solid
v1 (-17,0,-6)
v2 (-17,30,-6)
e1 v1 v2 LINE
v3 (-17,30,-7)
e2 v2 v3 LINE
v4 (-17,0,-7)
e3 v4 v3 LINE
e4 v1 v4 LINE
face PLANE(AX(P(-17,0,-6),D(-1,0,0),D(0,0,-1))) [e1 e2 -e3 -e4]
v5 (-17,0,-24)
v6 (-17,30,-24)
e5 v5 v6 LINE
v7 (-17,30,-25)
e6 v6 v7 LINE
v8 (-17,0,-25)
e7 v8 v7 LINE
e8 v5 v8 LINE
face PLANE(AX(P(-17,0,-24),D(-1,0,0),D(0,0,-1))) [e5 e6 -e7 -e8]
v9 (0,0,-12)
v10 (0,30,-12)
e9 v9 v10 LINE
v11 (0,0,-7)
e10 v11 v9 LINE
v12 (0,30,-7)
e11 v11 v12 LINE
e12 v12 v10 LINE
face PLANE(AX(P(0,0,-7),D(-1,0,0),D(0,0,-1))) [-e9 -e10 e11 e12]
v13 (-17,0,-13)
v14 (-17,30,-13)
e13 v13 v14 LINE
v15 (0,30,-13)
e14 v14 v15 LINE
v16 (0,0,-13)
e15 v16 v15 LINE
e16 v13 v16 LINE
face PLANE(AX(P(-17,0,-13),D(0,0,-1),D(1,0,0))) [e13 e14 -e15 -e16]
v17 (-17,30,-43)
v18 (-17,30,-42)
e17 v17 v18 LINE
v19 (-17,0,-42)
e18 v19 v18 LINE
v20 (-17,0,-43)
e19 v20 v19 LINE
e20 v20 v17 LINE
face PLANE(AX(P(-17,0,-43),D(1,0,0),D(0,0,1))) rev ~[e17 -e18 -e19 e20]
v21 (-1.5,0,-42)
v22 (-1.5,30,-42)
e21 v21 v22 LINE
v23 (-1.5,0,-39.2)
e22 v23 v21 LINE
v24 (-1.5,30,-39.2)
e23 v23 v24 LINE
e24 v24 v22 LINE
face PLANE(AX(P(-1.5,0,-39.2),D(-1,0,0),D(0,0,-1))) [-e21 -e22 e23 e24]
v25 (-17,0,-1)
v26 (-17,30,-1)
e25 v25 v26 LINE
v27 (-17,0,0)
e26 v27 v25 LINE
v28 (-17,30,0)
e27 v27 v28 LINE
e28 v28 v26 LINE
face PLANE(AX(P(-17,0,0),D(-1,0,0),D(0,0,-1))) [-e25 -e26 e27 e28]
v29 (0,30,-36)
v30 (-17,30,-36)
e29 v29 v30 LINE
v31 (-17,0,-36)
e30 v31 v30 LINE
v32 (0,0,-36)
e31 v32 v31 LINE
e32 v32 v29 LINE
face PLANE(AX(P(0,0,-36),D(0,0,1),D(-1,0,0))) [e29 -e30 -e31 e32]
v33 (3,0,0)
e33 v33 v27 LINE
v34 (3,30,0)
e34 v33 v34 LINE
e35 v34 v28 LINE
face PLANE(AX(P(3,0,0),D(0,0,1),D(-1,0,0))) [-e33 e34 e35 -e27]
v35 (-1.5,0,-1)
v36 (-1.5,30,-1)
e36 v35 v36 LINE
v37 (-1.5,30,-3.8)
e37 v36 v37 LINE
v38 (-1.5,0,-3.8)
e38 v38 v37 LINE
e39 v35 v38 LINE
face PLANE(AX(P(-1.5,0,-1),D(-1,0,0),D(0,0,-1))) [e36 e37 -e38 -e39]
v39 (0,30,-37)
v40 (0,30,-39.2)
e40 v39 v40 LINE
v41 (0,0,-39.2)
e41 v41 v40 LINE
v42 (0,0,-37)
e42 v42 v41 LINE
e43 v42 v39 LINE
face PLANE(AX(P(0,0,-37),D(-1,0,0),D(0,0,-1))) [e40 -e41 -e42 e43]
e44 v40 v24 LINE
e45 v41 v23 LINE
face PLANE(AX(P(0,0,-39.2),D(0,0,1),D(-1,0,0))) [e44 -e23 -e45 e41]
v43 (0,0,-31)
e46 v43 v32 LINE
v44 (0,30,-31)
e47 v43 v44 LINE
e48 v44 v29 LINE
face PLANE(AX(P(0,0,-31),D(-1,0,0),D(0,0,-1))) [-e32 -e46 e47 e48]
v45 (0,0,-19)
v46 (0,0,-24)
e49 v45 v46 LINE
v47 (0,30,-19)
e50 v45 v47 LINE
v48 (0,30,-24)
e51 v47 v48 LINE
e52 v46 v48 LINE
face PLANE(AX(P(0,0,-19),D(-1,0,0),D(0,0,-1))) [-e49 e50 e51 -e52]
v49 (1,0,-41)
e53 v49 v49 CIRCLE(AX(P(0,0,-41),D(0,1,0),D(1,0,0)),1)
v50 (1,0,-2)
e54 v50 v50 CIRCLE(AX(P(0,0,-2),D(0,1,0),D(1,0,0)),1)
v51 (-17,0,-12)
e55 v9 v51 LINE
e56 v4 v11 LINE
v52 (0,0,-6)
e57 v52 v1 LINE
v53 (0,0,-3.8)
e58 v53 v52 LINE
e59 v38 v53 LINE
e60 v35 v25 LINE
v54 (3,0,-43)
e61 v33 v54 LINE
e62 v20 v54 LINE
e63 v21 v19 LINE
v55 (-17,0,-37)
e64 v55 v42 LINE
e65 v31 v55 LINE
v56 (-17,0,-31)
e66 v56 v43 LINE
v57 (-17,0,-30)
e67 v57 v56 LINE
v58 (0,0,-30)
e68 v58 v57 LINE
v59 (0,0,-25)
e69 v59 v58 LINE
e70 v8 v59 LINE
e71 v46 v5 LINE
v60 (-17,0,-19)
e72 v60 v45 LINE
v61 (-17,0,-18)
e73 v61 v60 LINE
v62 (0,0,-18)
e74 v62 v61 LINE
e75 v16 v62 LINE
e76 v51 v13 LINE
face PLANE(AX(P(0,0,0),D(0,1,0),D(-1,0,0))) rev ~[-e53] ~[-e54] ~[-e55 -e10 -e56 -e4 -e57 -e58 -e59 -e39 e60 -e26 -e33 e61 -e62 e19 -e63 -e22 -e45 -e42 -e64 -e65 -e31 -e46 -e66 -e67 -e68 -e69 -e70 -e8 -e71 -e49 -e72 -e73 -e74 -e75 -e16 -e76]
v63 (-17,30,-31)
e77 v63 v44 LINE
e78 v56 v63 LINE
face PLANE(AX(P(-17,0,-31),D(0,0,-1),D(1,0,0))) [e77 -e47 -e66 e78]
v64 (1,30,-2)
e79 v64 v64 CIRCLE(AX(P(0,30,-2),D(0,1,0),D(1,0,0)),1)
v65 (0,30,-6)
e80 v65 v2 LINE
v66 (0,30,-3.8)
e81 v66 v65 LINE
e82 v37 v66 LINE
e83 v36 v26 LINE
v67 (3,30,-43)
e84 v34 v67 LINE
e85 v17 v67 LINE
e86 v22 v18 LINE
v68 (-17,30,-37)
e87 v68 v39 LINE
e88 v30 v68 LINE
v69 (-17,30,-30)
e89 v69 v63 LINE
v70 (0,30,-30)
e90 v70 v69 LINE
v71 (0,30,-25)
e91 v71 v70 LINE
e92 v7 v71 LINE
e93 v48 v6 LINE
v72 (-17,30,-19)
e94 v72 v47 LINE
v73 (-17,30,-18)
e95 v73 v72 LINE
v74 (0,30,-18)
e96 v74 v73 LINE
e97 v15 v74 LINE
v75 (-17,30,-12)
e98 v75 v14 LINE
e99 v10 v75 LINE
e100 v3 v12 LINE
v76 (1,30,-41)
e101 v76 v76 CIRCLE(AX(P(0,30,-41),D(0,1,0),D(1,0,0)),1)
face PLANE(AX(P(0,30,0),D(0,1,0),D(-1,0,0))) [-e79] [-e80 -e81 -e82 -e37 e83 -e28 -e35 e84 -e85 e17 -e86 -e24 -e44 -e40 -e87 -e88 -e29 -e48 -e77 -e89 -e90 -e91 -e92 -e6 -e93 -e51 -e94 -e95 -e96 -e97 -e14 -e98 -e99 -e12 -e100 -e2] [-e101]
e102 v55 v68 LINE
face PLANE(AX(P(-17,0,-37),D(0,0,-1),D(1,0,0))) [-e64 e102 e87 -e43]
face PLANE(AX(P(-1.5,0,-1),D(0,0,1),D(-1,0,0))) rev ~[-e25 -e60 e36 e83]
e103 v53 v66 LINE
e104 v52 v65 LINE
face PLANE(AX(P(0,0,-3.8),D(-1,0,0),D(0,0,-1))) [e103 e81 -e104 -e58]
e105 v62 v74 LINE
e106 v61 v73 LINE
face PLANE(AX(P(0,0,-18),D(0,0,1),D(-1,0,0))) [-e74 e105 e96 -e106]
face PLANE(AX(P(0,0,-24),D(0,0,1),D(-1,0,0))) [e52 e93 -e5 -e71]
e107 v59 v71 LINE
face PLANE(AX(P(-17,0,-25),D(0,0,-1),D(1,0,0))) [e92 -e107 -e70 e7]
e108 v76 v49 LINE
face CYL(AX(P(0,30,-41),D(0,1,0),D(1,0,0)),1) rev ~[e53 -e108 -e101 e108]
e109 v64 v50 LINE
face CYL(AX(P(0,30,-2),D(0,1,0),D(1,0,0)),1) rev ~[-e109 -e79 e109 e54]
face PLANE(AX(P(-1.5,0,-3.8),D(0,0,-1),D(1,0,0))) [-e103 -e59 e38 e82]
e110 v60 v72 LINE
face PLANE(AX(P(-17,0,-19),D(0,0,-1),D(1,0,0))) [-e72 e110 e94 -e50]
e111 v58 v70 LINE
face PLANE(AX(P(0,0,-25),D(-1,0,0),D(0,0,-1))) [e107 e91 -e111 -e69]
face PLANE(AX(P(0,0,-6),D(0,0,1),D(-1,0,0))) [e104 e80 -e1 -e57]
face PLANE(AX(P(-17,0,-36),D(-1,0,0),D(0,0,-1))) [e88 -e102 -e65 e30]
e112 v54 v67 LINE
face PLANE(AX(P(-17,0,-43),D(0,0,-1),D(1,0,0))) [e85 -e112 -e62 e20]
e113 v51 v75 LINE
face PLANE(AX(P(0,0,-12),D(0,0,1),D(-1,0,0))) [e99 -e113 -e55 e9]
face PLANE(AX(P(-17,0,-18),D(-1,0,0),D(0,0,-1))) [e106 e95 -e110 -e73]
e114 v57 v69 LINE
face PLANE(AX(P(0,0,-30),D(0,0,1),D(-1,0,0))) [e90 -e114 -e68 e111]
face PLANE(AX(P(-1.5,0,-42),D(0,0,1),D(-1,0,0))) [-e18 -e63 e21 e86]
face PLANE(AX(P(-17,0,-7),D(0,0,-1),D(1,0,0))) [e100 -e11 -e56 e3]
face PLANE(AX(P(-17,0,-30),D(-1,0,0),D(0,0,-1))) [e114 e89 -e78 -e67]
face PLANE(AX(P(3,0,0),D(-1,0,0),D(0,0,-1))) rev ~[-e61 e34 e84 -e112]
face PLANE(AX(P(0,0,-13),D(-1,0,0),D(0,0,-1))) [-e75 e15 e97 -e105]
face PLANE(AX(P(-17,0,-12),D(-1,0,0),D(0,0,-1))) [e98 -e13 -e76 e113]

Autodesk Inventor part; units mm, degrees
ref_plane "YZ Plane" through (0, 0, 0) normal (1, 0, 0) x (0, 1, 0)
ref_plane "XZ Plane" through (0, 0, 0) normal (0, 1, 0) x (-1, 0, 0)
ref_plane "XY Plane" through (0, 0, 0) normal (0, 0, 1) x (1, 0, 0)
sketch "Эскиз1" plane through (0, 0, 0) normal (0, 1, 0) x (-1, 0, 0)
  line L0 (17, 0) -> (17, -1)
  line L1 (0, -6) -> (17, -6)
  line L2 (17, -6) -> (17, -7)
  line L3 (17, -7) -> (0, -7)
  line L4 (0, -12) -> (17, -12)
  line L5 (17, -12) -> (17, -13)
  line L6 (17, -13) -> (0, -13)
  line L7 (0, -18) -> (17, -18)
  line L8 (17, -18) -> (17, -19)
  line L9 (17, -19) -> (0, -19)
  line L10 (0, -24) -> (17, -24)
  line L11 (17, -24) -> (17, -25)
  line L12 (17, -25) -> (0, -25)
  line L13 (0, -30) -> (17, -30)
  line L14 (17, -30) -> (17, -31)
  line L15 (17, -31) -> (0, -31)
  line L16 (0, -36) -> (17, -36)
  line L17 (17, -36) -> (17, -37)
  line L18 (17, -37) -> (0, -37)
  line L19 (17, -43) -> (17, -42)
  line L20 (0, -7) -> (0, -12)
  line L21 (0, -13) -> (0, -18)
  line L22 (0, -19) -> (0, -24)
  line L23 (0, -25) -> (0, -30)
  line L24 (0, -31) -> (0, -36)
  line L25 (1.5, -1) -> (1.5, -3.8)
  line L26 (1.5, -3.8) -> (0, -3.8)
  line L27 (0, -3.8) -> (0, -6)
  line L28 (1.5, -1) -> (17, -1)
  line L29 (-3, 0) -> (-3, -43)
  line L30 (0, -37) -> (0, -39.2)
  line L31 (0, -39.2) -> (1.5, -39.2)
  line L32 (1.5, -39.2) -> (1.5, -42)
  line L33 (1.5, -42) -> (17, -42)
  line L34 (-3, 0) -> (17, 0)
  line L35 (17, -43) -> (-3, -43)
  point P0 (0, 0)
  dimension "d46" = 43
  dimension "d47" = 3
  dimension "d48" = 3
  dimension "d49" = 20
  dimension "d50" = 4.5
  dimension "d51" = 4.5
  dimension "d52" = 3.8
  dimension "d53" = 20
  dimension "d54" = 1
  dimension "d55" = 3.8
  dimension "d56" = 3
  dimension "d57" = 3
  dimension "d58" = 3
  dimension "d59" = 3
  dimension "d60" = 3
  dimension "d61" = 3
  dimension "d62" = 1
  dimension "d63" = 5
  dimension "d64" = 43
  dimension "d65" = 5
  dimension "d66" = 5
  dimension "d67" = 5
  dimension "d68" = 5
  dimension "d69" = 5
  dimension "d70" = 5
  dimension "d71" = 1
  dimension "d72" = 1
  dimension "d73" = 1
  dimension "d74" = 1
  dimension "d75" = 1
  dimension "d76" = 17
extrude "Выдавливание1" add sketch "Эскиз1" along normal blind 30
sketch "Эскиз3" plane through (0, 30, 0) normal (0, 1, 0) x (1, 0, 0)
  circle A0 centre (0, 2) radius 1
  line L0 (-17, 0) -> (3, 0) projected
  line L1 (3, 0) -> (3, 43) projected
  circle A1 centre (0, 41) radius 1
  line L2 (3, 43) -> (-17, 43) projected
  point P0 (0, 0)
  dimension "d80" = 2
  dimension "d81" = 2
  dimension "d82" = 3
  dimension "d83" = 2
  dimension "d84" = 3
  dimension "d85" = 2
extrude "Выдавливание2" cut sketch "Эскиз3" against normal blind 30
properties part number "HS117-30"
